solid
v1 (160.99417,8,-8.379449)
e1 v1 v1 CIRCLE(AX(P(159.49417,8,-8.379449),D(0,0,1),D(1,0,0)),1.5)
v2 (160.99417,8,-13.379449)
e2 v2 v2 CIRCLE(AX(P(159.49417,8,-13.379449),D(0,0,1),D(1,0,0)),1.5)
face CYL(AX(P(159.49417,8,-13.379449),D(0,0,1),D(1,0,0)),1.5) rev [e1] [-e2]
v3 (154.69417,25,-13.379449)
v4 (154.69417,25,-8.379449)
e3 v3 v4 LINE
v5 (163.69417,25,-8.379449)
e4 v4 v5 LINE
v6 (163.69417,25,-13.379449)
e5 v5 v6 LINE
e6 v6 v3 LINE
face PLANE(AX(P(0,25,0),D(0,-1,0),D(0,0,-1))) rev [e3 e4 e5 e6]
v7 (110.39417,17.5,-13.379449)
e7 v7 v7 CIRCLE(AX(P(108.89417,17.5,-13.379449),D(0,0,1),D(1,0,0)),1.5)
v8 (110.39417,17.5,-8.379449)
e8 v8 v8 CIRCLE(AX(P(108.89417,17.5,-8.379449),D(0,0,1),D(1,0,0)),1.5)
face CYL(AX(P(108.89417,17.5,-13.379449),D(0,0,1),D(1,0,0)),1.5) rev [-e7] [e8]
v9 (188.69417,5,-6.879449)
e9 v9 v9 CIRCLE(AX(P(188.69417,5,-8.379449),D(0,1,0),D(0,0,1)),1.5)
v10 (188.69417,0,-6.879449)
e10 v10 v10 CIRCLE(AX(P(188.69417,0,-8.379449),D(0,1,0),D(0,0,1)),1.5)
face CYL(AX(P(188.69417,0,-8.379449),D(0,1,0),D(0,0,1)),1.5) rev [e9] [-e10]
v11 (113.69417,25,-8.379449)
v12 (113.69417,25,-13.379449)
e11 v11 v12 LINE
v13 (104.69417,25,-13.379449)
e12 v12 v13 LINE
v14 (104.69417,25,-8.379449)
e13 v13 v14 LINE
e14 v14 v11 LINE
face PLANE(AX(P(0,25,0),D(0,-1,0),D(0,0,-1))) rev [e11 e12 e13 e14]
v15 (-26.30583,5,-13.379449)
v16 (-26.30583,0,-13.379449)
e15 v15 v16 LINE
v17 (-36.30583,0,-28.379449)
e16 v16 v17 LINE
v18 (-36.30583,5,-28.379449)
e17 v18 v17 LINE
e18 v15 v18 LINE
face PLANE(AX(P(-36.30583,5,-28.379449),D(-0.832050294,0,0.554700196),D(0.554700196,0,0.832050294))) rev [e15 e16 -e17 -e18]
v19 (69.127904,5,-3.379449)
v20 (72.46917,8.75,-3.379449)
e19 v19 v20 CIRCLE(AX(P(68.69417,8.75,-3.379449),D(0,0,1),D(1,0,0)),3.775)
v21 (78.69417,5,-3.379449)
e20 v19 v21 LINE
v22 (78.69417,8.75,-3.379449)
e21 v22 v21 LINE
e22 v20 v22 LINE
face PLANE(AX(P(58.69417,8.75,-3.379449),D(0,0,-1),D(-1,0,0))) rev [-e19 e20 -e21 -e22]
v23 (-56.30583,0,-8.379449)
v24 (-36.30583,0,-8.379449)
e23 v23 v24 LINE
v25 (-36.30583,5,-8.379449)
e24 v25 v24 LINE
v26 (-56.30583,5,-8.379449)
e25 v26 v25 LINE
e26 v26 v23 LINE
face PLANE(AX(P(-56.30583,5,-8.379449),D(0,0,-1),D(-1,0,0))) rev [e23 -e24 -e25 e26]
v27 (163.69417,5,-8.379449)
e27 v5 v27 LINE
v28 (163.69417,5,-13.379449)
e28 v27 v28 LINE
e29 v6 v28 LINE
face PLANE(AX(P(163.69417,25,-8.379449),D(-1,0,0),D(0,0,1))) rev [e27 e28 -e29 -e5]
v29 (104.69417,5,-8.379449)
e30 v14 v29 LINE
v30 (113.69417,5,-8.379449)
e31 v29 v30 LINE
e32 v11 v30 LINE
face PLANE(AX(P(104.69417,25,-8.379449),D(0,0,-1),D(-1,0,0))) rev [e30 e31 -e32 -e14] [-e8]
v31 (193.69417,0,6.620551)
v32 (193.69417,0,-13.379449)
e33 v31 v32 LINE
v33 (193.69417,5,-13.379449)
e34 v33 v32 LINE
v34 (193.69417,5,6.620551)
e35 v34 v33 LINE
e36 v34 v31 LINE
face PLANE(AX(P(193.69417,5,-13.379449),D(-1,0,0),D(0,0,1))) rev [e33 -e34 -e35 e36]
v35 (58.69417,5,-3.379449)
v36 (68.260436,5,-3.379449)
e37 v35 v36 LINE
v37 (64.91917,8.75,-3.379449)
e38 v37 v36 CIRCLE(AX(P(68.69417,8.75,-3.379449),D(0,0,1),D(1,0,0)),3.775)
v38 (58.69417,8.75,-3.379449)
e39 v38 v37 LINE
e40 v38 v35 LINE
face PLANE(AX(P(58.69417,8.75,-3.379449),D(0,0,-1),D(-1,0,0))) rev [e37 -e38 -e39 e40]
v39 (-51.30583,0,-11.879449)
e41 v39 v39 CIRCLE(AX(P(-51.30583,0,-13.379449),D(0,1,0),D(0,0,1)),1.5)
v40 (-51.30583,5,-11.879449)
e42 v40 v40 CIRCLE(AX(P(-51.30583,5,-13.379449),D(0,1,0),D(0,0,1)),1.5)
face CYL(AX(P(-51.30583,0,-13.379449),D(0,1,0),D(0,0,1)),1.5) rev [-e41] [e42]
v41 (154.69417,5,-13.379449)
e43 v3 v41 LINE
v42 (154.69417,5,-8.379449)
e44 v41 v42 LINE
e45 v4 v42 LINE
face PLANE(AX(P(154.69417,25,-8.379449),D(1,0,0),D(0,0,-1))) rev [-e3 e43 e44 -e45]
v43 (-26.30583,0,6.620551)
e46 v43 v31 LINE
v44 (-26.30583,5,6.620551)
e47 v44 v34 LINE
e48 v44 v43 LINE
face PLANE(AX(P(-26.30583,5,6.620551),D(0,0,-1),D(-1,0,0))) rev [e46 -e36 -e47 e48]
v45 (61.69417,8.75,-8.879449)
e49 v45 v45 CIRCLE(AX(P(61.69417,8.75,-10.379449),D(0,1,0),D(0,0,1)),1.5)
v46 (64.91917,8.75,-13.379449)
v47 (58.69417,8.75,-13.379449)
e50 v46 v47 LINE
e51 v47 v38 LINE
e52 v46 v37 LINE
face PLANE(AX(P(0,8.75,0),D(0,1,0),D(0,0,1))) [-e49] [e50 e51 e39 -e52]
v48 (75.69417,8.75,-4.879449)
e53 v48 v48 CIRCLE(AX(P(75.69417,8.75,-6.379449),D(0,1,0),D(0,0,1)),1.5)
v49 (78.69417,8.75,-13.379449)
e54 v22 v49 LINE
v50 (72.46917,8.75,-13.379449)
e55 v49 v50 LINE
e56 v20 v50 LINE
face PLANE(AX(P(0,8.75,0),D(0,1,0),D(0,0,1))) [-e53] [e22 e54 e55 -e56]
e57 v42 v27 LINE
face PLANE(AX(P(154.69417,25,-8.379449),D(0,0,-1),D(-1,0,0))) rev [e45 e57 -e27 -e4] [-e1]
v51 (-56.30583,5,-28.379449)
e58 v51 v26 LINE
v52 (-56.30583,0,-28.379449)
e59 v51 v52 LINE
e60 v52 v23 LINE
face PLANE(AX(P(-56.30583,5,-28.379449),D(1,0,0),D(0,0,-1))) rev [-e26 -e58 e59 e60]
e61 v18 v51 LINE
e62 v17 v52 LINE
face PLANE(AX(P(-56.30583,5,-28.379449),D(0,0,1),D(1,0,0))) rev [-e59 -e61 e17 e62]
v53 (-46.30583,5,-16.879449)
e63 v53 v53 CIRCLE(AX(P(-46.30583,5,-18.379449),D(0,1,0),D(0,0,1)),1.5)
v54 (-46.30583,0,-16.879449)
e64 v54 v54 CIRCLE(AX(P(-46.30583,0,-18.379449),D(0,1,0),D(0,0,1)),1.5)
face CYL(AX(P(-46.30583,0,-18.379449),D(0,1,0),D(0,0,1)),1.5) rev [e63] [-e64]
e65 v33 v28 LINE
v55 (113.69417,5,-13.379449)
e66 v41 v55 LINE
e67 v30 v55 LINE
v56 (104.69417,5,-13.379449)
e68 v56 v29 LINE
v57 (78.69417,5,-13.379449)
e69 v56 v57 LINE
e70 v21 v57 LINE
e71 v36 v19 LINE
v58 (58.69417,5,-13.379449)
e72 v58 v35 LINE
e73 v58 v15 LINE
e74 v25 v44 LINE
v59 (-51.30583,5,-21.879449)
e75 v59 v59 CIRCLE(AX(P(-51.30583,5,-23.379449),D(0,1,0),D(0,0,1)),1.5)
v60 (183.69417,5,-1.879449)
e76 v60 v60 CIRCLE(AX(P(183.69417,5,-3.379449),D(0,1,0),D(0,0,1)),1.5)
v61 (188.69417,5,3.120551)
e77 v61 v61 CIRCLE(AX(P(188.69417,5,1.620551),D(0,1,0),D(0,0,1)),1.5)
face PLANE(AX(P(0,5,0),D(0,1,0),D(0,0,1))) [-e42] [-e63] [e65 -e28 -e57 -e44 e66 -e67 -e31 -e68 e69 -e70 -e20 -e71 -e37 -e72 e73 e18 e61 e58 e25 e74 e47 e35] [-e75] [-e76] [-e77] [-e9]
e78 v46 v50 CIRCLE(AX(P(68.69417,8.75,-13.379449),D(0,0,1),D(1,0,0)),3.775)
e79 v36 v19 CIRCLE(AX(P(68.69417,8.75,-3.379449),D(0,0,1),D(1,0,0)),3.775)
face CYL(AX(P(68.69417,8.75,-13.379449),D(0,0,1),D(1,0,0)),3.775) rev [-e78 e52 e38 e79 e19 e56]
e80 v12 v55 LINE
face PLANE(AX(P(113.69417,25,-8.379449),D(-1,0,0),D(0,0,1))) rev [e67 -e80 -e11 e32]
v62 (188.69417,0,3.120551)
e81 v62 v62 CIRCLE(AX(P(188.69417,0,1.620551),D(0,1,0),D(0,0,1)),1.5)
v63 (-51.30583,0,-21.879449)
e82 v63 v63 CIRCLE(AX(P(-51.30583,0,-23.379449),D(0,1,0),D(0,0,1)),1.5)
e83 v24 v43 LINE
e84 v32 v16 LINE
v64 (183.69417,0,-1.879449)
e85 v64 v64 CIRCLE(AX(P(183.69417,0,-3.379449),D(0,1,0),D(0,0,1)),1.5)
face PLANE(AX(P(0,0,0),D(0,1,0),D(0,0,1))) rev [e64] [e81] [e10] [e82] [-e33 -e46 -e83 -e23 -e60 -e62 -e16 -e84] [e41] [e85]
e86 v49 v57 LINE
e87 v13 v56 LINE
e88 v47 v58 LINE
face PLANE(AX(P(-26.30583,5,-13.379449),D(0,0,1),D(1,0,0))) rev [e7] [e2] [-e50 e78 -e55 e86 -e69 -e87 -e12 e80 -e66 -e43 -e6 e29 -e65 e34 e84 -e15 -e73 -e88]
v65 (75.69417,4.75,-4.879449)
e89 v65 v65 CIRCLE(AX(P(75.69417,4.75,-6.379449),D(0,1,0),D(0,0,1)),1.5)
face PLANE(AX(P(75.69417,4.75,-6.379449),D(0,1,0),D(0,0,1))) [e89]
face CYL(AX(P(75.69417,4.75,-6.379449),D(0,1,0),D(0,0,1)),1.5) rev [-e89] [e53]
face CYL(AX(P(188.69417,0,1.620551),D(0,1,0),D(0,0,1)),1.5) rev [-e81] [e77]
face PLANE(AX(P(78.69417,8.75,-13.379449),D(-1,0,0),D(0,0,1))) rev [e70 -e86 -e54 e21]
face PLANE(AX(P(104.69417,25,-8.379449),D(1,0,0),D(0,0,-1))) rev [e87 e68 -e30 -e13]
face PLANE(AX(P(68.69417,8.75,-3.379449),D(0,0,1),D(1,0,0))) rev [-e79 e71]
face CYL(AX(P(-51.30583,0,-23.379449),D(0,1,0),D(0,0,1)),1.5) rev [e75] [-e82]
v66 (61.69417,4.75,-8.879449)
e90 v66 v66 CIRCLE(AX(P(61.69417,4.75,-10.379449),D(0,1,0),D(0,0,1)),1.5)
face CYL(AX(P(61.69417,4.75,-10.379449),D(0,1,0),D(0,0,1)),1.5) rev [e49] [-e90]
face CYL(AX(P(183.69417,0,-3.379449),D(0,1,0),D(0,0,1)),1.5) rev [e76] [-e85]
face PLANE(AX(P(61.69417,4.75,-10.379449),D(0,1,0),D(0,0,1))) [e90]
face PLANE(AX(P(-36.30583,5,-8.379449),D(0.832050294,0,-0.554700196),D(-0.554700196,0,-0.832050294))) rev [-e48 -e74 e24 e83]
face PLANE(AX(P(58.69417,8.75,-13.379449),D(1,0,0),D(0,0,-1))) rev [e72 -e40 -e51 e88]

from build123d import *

# Parameters (mm, degrees)
BOSS_EXTRUDE1_DEPTH = 5
SKETCH2_W           = 20
SKETCH2_H           = 10
BOSS_EXTRUDE2_DEPTH = 3.75
SKETCH3_R           = 3.775
CUT_EXTRUDE1_DEPTH  = 10
SKETCH7_R           = 1.5
CUT_EXTRUDE3_DEPTH  = 5
SKETCH4_R           = 1.5
CUT_EXTRUDE2_DEPTH  = 4
SKETCH8_W           = 9
SKETCH8_H           = 5
BOSS_EXTRUDE3_DEPTH = 20
SKETCH9_R           = 1.5
CUT_EXTRUDE4_DEPTH  = 5


with BuildPart() as part:
    # Sketch1 → Boss-Extrude1 (new body)
    with BuildSketch(Plane(origin=(0, 0, 0), x_dir=(1, 0, 0), z_dir=(0, 1, 0))):
        Polygon((-26.305830051, -6.620550836), (193.694169949, -6.620550836), (193.694169949, 13.379449164), (-26.305830051, 13.379449164), (-36.305830051, 28.379449164), (-56.305830051, 28.379449164), (-56.305830051, 8.379449164), (-36.305830051, 8.379449164), align=None)
    extrude(amount=BOSS_EXTRUDE1_DEPTH)

    # Sketch2 → Boss-Extrude2 (add)
    with BuildSketch(Plane(origin=(0, 5, 0), x_dir=(1, 0, 0), z_dir=(0, 1, 0))):
        with Locations((68.694169949, 8.379449164)):
            Rectangle(SKETCH2_W, SKETCH2_H)
    extrude(amount=BOSS_EXTRUDE2_DEPTH)

    # Sketch3 → Cut-Extrude1 (cut)
    with BuildSketch(Plane.XY.offset(-3.379449164)):
        with Locations((68.694169949, 8.75)):
            Circle(SKETCH3_R)
    extrude(amount=-CUT_EXTRUDE1_DEPTH, mode=Mode.SUBTRACT)

    # Sketch7 → Cut-Extrude3 (cut)
    with BuildSketch(Plane(origin=(0, 5, 0), x_dir=(1, 0, 0), z_dir=(0, 1, 0))):
        with Locations(Location((-51.305830051, 23.379449164, 0), (0, 0, 270))):
            Circle(SKETCH7_R)
        with Locations(Location((-51.305830051, 13.379449164, 0), (0, 0, 270))):
            Circle(SKETCH7_R)
        with Locations(Location((188.694169949, -1.620550836, 0), (0, 0, 270))):
            Circle(SKETCH7_R)
        with Locations(Location((188.694169949, 8.379449164, 0), (0, 0, 270))):
            Circle(SKETCH7_R)
        with Locations(Location((183.694169949, 3.379449164, 0), (0, 0, 270))):
            Circle(SKETCH7_R)
        with Locations(Location((-46.305830051, 18.379449164, 0), (0, 0, 270))):
            Circle(SKETCH7_R)
    extrude(amount=-CUT_EXTRUDE3_DEPTH, mode=Mode.SUBTRACT)

    # Sketch4 → Cut-Extrude2 (cut)
    with BuildSketch(Plane(origin=(0, 8.75, 0), x_dir=(1, 0, 0), z_dir=(0, 1, 0))):
        with Locations(Location((75.694169949, 6.379449164, 0), (0, 0, 270))):
            Circle(SKETCH4_R)
        with Locations(Location((61.694169949, 10.379449164, 0), (0, 0, 270))):
            Circle(SKETCH4_R)
    extrude(amount=-CUT_EXTRUDE2_DEPTH, mode=Mode.SUBTRACT)

    # Sketch8 → Boss-Extrude3 (add)
    with BuildSketch(Plane(origin=(0, 5, 0), x_dir=(1, 0, 0), z_dir=(0, 1, 0))):
        with Locations((109.194169949, 10.879449164)):
            Rectangle(SKETCH8_W, SKETCH8_H)
        with Locations((159.194169949, 10.879449164)):
            Rectangle(SKETCH8_W, SKETCH8_H)
    extrude(amount=BOSS_EXTRUDE3_DEPTH)

    # Sketch9 → Cut-Extrude4 (cut)
    with BuildSketch(Plane.XY.offset(-8.379449164)):
        with Locations((108.894169949, 17.5)):
            Circle(SKETCH9_R)
        with Locations((159.494169949, 8)):
            Circle(SKETCH9_R)
    extrude(amount=-CUT_EXTRUDE4_DEPTH, mode=Mode.SUBTRACT)


solid = part.part
